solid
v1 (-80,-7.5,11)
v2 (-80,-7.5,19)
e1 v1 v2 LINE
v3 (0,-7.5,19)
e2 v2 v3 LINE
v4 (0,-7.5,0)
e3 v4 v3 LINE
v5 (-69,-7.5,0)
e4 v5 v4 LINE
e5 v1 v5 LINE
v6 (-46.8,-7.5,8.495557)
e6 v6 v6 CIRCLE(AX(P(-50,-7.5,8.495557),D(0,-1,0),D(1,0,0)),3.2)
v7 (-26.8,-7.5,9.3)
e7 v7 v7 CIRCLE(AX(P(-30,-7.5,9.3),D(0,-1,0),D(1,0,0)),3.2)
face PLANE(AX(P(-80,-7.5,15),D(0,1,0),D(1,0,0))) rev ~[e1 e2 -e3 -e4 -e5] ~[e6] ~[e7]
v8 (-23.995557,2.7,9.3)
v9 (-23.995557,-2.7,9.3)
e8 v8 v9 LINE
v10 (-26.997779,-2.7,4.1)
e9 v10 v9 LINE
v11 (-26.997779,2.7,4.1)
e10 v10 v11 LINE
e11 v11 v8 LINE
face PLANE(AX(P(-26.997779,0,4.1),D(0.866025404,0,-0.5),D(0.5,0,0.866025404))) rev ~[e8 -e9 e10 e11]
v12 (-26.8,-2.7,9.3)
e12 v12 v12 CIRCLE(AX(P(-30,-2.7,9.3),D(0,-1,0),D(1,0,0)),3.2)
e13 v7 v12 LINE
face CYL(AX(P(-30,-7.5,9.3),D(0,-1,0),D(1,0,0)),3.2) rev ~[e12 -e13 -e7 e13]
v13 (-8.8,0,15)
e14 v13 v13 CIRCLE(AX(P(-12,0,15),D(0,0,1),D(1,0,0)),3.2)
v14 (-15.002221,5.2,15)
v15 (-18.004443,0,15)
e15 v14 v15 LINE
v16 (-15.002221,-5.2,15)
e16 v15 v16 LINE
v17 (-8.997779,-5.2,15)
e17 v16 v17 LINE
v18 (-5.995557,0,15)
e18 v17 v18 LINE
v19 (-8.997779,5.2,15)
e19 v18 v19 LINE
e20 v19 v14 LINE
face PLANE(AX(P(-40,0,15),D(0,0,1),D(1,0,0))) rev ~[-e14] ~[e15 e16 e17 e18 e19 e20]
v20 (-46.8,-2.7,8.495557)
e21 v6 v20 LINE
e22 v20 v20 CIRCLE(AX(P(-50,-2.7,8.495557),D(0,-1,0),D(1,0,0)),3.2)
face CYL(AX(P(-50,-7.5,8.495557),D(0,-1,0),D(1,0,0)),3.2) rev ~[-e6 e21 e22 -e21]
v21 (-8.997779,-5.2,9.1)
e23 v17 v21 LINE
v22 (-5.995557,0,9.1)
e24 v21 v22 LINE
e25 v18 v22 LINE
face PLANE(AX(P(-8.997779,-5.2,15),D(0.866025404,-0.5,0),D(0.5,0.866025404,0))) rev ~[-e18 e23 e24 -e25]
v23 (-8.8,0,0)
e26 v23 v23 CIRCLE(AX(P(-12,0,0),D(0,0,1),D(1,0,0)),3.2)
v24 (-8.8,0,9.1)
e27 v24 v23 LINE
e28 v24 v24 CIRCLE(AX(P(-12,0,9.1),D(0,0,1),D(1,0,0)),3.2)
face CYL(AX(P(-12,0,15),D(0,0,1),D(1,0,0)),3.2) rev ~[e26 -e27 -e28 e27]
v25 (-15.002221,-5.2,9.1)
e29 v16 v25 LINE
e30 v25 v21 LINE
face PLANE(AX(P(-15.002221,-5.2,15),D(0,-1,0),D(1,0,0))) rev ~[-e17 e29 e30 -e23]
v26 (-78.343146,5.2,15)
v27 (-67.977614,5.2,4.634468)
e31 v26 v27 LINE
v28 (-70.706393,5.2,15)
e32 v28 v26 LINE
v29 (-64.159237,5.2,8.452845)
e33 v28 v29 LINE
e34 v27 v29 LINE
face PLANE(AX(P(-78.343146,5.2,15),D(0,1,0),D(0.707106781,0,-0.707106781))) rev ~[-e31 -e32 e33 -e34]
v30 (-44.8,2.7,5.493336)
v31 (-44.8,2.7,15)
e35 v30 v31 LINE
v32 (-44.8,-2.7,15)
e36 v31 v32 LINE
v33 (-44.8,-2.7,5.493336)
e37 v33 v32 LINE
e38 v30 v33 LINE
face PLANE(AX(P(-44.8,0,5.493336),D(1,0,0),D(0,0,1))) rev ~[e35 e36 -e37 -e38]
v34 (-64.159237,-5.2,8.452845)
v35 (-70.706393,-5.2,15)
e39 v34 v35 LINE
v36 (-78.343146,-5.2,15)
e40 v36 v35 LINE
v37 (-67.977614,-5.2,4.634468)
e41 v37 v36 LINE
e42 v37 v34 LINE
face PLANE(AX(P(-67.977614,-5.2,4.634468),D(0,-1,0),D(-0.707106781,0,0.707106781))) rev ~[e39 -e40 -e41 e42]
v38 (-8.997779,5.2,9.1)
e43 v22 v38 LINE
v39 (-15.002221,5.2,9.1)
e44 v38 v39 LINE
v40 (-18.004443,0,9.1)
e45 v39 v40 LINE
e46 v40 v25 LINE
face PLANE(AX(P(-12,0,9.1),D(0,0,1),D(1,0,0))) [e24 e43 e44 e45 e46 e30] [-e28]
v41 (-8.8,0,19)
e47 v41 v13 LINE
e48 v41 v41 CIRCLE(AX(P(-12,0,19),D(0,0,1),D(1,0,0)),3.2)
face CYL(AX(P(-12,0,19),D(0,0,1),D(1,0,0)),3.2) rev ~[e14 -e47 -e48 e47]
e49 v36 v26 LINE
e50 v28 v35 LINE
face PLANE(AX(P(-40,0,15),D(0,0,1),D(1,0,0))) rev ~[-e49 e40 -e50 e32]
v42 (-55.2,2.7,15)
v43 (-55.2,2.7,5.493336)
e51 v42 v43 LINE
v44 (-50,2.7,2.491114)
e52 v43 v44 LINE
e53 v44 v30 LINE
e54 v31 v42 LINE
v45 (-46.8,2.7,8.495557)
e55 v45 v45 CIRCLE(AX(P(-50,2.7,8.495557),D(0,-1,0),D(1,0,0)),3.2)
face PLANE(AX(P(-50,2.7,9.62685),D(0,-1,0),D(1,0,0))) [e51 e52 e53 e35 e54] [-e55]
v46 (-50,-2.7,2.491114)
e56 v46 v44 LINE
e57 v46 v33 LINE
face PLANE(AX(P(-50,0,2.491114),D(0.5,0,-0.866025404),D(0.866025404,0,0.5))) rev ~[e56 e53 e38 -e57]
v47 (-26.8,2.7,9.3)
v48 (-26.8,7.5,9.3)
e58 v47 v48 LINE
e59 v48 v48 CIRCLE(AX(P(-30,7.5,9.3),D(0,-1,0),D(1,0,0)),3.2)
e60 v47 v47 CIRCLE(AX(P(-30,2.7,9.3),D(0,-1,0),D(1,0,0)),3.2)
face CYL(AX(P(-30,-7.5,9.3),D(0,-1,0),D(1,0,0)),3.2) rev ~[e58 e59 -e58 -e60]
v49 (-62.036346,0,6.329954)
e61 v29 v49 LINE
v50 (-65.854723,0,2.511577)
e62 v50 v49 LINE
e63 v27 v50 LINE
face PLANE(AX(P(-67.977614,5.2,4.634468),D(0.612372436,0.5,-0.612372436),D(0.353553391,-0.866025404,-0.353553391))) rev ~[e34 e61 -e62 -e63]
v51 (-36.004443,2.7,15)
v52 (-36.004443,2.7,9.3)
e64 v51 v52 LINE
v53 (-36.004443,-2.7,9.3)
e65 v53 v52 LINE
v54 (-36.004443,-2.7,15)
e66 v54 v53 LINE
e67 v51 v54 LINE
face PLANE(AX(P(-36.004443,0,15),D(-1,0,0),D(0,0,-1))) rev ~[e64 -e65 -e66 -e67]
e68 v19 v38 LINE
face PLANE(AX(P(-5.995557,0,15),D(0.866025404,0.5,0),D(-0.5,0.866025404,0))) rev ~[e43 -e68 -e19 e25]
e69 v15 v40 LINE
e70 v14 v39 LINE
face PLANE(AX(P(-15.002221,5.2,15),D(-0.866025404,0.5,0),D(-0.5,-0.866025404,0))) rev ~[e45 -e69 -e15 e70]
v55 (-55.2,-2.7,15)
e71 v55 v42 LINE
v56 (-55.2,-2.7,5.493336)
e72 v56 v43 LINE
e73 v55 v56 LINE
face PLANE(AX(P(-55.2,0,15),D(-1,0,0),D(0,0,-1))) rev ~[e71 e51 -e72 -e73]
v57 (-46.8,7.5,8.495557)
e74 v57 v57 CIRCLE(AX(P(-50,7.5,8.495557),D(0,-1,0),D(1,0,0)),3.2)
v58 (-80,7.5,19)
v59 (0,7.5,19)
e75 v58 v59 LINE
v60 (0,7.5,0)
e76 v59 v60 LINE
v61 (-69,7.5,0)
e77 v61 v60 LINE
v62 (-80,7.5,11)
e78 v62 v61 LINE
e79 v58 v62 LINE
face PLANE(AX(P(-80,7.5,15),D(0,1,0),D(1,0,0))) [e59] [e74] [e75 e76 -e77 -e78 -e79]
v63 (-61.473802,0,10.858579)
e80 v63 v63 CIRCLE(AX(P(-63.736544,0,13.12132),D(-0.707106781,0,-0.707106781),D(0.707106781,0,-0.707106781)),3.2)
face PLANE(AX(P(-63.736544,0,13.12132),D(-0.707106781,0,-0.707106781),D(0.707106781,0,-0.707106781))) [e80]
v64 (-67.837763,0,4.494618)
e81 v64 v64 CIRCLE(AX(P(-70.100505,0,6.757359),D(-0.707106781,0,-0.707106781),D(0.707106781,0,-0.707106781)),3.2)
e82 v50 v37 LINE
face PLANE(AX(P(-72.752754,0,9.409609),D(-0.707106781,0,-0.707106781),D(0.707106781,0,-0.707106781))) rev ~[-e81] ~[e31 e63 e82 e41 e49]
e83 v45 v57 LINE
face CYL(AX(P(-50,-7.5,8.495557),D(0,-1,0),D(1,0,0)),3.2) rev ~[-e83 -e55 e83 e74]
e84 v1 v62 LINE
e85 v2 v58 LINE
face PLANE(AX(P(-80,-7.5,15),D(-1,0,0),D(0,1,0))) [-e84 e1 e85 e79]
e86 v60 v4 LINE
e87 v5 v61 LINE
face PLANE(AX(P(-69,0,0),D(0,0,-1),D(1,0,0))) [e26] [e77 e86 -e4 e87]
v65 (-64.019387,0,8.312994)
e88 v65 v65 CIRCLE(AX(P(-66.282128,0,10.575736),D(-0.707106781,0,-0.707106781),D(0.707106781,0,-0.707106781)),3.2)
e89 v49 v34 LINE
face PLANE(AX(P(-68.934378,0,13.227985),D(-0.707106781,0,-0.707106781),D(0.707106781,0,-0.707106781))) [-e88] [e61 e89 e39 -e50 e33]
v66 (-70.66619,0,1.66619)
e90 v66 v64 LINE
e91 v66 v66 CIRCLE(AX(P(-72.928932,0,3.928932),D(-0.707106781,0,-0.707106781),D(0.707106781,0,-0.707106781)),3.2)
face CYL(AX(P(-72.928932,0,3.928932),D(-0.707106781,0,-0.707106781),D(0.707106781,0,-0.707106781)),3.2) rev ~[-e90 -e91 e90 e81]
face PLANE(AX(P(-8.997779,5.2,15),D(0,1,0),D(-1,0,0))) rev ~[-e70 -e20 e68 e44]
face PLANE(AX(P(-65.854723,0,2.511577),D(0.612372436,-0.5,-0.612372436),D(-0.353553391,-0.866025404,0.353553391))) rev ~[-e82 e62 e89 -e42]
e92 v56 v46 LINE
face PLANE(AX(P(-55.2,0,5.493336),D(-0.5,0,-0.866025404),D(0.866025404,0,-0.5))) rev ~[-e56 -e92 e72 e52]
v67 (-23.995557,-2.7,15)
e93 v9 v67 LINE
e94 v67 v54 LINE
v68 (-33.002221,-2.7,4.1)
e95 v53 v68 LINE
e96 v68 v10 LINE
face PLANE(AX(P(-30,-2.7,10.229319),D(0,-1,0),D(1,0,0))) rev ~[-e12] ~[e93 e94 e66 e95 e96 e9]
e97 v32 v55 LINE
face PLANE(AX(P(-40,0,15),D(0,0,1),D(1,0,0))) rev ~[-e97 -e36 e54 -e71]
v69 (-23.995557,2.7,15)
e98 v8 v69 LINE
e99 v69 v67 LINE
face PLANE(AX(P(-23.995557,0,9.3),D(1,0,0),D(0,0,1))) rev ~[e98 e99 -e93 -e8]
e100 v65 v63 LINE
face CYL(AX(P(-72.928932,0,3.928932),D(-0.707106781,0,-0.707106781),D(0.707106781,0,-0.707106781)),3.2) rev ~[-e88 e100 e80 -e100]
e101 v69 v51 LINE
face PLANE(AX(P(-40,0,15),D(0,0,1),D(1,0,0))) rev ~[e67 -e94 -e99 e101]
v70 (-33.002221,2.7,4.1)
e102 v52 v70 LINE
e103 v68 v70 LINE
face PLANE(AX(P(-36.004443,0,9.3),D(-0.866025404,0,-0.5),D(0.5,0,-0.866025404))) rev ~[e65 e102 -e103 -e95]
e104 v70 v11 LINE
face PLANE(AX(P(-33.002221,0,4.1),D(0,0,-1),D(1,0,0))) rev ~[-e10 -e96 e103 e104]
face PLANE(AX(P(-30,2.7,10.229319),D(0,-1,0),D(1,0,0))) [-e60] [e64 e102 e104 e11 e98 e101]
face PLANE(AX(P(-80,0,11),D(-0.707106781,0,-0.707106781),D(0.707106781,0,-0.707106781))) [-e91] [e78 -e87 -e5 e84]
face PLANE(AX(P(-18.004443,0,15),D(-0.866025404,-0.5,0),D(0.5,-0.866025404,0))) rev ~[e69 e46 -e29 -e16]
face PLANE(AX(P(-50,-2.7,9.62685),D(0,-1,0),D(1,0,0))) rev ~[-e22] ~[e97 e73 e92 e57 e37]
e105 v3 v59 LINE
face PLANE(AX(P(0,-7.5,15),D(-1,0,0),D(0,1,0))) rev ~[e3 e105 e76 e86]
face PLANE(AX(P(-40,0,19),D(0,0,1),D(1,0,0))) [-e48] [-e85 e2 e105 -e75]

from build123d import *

# Parameters (mm, degrees)
F1_DEPTH  = 7.5
F2_R      = 3.2
F3_DEPTH  = 15.001
F5_DEPTH  = 2.7
F7_DEPTH  = 5.9
F8_R      = 3.2
F9_DEPTH  = 15.001
F11_DEPTH = 2.7
F12_R     = 3.2
F13_DEPTH = 15.001
F16_DEPTH = 5.4
F17_W     = 80
F17_H     = 15
F18_DEPTH = 4
F19_R     = 3.2
F20_DEPTH = 13
F21_R     = 3.2
F22_DEPTH = 4


with BuildPart() as f1:
    # F0 (on Front) → F1 (new body, symmetric)
    with BuildSketch(Plane.XZ):
        Polygon((-69, 0), (0, 0), (0, 15), (-80, 15), (-80, 11), align=None)
    extrude(amount=F1_DEPTH, both=True)

    # F2 (on face) → F3 (cut, through all)
    with BuildSketch(Plane.XY.offset(15)):
        with Locations((-12, 0)):
            Circle(F2_R)
    extrude(amount=-F3_DEPTH, mode=Mode.SUBTRACT)

    # F4 (on Front) → F5 (cut, symmetric)
    with BuildSketch(Plane.XZ):
        Polygon((-26.9977786002, 4.1), (-23.9955572004, 9.3), (-23.9955572004, 15), (-36.0044427996, 15), (-36.0044427996, 9.3), (-33.0022213998, 4.1), align=None)
    extrude(amount=F5_DEPTH, both=True, mode=Mode.SUBTRACT)

    # F6 (on face) → F7 (cut)
    with BuildSketch(Plane.XY.offset(15)):
        Polygon((-15.0022213998, -5.2), (-8.9977786002, -5.2), (-5.9955572004, 0), (-8.9977786002, 5.2), (-15.0022213998, 5.2), (-18.0044427996, 0), align=None)
    extrude(amount=-F7_DEPTH, mode=Mode.SUBTRACT)

    # F8 (on face) → F9 (cut, through all)
    with BuildSketch(Plane.XZ.offset(7.5)):
        with Locations((-30, 9.3)):
            Circle(F8_R)
    extrude(amount=-F9_DEPTH, mode=Mode.SUBTRACT)

    # F10 (on Front) → F11 (cut, symmetric)
    with BuildSketch(Plane.XZ):
        Polygon((-50, 2.4911144009), (-44.8, 5.4933358006), (-44.8, 11.4977786002), (-44.8, 15), (-55.2, 15), (-55.2, 11.4977786002), (-55.2, 5.4933358006), align=None)
    extrude(amount=F11_DEPTH, both=True, mode=Mode.SUBTRACT)

    # F12 (on face) → F13 (cut, through all)
    with BuildSketch(Plane.XZ.offset(7.5)):
        with Locations((-50, 8.4955572004)):
            Circle(F12_R)
    extrude(amount=-F13_DEPTH, mode=Mode.SUBTRACT)

    # F15 (on offset) → F16 (cut)
    with BuildSketch(Plane(origin=(-31.6715728753, 0, -31.6715728753), x_dir=(0.7071067812, 0, -0.7071067812), z_dir=(-0.7071067812, 0, -0.7071067812))):
        Polygon((-48.3422742884, 0), (-51.3444956882, 5.2), (-57.3489384878, 5.2), (-66.0035713375, 5.2), (-66.0035713375, -5.2), (-57.3489384878, -5.2), (-51.3444956882, -5.2), align=None)
    extrude(amount=-F16_DEPTH, mode=Mode.SUBTRACT)

    # F17 (on face) → F18 (join)
    with BuildSketch(Plane.XY.offset(15)):
        with Locations((-40, 0)):
            Rectangle(F17_W, F17_H)
    extrude(amount=F18_DEPTH)

    # F19 (on face) → F20 (cut)
    with BuildSketch(Plane(origin=(-34.5, 0, -34.5), x_dir=(0.7071067812, 0, -0.7071067812), z_dir=(-0.7071067812, 0, -0.7071067812))):
        with Locations((-54.346717088, 0)):
            Circle(F19_R)
    extrude(amount=-F20_DEPTH, mode=Mode.SUBTRACT)

    # F21 (on face) → F22 (cut, through all)
    with BuildSketch(Plane.XY.offset(19)):
        with Locations((-12, 0)):
            Circle(F21_R)
    extrude(amount=-F22_DEPTH, mode=Mode.SUBTRACT)


solid = f1.part
